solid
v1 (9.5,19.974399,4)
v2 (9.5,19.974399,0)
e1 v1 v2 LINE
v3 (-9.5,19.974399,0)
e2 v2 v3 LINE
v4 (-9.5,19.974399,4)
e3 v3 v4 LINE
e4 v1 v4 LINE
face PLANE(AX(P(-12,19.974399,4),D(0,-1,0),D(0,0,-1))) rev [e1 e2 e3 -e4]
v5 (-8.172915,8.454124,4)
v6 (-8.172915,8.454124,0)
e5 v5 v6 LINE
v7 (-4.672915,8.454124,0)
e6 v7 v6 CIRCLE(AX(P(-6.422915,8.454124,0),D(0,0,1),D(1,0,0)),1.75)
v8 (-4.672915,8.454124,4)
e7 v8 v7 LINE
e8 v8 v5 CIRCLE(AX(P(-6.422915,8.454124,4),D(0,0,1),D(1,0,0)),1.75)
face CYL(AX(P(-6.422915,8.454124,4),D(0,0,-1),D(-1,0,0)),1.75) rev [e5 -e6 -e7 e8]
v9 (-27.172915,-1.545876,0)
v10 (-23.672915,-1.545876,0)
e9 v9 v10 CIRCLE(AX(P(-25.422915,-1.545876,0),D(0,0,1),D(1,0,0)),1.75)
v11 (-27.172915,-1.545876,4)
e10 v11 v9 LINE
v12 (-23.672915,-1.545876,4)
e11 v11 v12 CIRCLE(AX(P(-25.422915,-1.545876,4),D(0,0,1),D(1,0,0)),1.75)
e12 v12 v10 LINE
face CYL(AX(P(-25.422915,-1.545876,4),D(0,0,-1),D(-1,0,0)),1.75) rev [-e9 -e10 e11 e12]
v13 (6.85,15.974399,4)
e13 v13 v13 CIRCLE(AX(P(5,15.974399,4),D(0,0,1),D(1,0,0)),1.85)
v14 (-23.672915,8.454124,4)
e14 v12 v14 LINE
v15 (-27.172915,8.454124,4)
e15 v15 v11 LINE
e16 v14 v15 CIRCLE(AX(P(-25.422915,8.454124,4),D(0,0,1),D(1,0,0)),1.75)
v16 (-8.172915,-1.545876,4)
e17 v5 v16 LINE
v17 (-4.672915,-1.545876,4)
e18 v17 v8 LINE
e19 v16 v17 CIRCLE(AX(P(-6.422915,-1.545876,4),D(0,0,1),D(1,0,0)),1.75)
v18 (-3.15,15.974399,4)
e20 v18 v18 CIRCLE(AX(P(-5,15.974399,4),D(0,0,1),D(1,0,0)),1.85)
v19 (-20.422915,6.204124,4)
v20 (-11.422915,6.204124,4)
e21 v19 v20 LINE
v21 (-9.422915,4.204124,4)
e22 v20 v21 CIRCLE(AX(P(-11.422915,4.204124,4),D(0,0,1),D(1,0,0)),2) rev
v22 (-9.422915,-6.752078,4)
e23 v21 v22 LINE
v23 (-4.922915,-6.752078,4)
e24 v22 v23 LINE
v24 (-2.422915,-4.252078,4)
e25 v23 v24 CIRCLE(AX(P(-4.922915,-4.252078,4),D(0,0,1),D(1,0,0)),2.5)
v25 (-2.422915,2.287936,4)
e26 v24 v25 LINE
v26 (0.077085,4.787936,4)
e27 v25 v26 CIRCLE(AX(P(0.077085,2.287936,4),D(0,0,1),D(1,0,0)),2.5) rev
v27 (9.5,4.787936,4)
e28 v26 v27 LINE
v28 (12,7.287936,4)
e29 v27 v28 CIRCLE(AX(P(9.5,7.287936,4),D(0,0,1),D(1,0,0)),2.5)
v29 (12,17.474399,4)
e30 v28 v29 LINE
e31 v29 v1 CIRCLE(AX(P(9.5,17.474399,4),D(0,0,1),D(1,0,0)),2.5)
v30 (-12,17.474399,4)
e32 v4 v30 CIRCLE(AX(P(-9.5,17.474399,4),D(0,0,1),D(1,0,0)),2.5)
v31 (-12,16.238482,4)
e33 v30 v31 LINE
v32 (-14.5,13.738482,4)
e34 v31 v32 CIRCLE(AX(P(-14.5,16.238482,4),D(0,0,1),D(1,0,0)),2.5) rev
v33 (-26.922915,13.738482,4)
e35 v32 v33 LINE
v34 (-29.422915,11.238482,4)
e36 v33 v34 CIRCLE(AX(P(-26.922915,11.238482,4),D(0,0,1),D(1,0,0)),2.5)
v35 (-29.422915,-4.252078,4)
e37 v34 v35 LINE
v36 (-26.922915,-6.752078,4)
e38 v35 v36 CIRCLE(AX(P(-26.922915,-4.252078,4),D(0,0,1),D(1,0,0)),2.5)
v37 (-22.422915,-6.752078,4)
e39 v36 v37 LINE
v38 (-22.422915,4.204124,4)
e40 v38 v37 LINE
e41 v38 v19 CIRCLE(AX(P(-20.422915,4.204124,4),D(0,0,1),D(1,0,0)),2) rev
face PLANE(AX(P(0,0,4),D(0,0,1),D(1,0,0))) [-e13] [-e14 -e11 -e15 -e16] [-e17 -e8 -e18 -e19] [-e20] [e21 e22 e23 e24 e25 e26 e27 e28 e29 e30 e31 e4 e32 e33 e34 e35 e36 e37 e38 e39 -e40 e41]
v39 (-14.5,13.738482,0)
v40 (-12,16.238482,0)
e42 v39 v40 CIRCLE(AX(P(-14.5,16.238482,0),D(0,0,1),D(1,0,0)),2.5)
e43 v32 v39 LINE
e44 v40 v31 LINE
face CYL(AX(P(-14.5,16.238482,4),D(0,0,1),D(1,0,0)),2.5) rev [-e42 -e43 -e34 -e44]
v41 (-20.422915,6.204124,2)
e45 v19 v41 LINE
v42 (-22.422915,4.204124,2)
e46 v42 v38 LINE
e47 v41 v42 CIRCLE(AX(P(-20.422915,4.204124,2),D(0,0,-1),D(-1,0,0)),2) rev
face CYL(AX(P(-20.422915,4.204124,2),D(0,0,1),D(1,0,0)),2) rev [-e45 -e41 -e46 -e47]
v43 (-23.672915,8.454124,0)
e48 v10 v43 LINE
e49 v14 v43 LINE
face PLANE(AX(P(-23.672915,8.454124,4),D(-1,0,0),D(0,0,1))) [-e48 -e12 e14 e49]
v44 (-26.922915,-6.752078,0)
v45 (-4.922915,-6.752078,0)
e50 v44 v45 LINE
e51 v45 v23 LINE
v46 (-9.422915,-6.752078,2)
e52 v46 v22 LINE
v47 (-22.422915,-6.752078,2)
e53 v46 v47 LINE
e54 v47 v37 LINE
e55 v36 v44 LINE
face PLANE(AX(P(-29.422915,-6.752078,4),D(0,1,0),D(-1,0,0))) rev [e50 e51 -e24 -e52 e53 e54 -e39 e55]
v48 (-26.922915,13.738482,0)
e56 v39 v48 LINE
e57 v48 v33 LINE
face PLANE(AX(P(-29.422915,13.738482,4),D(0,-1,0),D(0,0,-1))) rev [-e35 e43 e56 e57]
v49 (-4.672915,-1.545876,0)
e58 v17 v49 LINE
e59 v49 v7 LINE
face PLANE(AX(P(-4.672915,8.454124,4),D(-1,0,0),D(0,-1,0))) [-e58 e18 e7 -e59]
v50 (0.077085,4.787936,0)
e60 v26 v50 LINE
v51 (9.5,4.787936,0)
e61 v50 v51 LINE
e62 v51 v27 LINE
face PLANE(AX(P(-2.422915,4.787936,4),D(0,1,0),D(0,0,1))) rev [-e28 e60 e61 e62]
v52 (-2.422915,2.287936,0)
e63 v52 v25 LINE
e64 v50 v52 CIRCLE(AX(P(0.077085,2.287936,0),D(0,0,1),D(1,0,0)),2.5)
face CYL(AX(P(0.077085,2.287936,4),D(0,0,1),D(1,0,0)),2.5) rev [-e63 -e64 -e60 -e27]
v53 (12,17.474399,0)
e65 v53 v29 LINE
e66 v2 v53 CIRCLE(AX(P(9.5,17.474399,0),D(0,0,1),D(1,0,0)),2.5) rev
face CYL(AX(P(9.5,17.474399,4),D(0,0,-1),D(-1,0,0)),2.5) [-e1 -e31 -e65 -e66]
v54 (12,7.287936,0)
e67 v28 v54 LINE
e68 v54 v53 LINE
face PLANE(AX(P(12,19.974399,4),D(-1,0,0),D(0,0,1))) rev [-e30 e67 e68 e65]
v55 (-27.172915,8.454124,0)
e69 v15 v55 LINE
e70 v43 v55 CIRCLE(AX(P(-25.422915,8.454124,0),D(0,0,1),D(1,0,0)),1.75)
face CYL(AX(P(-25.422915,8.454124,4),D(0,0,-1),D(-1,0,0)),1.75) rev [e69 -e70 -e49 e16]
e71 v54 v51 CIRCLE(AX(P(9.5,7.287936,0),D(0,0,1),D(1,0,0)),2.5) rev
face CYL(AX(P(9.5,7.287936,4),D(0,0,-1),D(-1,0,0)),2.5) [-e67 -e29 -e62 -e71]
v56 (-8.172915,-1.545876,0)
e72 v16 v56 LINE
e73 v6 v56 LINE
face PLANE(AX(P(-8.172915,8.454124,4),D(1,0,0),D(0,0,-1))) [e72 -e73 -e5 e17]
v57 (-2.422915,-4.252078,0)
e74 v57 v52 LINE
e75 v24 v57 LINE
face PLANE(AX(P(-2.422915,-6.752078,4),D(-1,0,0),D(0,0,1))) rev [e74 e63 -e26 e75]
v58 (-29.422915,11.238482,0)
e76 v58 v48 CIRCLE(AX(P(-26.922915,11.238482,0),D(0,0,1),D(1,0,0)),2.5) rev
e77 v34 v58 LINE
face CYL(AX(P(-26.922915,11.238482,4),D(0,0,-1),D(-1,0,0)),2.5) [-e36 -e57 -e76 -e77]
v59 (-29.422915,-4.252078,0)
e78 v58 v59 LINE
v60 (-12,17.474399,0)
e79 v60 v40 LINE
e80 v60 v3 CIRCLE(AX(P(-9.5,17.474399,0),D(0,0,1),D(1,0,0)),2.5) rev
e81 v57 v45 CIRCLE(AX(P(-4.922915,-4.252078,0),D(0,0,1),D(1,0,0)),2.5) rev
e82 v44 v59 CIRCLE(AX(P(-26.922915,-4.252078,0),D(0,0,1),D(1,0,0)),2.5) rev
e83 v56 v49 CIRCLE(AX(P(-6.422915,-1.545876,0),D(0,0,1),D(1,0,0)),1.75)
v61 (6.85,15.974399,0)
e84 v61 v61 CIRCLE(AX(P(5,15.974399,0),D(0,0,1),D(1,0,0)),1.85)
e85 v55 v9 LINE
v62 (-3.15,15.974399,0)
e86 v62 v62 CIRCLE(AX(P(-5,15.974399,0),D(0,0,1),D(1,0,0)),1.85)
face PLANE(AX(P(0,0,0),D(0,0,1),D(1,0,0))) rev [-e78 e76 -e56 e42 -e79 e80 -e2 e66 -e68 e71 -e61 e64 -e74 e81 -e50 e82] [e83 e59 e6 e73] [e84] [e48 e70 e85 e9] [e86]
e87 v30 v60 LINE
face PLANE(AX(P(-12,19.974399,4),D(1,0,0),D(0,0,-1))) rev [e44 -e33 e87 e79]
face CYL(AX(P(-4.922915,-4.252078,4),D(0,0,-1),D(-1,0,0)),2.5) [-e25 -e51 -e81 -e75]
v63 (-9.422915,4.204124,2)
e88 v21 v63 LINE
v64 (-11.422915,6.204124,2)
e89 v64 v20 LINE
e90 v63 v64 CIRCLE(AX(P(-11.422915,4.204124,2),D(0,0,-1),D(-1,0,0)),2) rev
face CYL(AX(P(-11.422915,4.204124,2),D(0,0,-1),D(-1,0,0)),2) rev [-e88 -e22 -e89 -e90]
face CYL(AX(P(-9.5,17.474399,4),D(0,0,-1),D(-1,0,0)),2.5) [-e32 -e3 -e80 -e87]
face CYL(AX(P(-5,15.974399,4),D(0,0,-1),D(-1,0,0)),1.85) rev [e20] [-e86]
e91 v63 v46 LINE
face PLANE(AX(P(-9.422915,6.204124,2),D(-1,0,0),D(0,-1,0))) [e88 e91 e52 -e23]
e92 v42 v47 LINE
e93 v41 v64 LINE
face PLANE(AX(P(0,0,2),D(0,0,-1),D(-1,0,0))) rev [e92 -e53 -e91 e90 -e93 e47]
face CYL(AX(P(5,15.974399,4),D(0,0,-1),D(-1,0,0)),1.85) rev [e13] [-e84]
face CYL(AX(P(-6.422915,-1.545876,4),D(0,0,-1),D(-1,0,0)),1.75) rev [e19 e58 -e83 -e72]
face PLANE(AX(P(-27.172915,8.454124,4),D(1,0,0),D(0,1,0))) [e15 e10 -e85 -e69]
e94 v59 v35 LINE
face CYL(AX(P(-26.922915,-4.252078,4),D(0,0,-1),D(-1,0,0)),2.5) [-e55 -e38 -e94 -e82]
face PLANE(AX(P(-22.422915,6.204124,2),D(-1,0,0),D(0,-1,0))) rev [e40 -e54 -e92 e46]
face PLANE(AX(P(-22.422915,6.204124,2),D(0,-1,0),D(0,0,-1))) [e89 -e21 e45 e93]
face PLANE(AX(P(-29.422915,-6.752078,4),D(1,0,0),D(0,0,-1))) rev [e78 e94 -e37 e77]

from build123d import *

# Parameters (mm, degrees)
SKETCH1_R           = 1.85
BOSS_EXTRUDE1_DEPTH = 4
FILLET1_R           = 2.5
SKETCH2_W           = 13
SKETCH2_H           = 20
CUT_EXTRUDE1_DEPTH  = 2
FILLET2_R           = 2


with BuildPart() as part:
    # Sketch1 → Boss-Extrude1 (new body)
    with BuildSketch(Plane.XY):
        Polygon((-12, 19.974398687), (12, 19.974398687), (12, 4.787936134), (-2.422914658, 4.787936134), (-2.422914658, -6.752077686), (-29.422914658, -6.752077686), (-29.422914658, 13.7384821), (-12, 13.7384821), align=None)
        with Locations((-5, 15.974398687)):
            Circle(SKETCH1_R, mode=Mode.SUBTRACT)
        with Locations((5, 15.974398687)):
            Circle(SKETCH1_R, mode=Mode.SUBTRACT)
        with BuildLine():
            Line((-4.672914658, 8.454123535), (-4.672914658, -1.545876465))
            ThreePointArc((-4.672914658, -1.545876465), (-6.422914658, -3.295876465), (-8.172914658, -1.545876465))
            Line((-8.172914658, -1.545876465), (-8.172914658, 8.454123535))
            ThreePointArc((-8.172914658, 8.454123535), (-6.422914658, 10.204123534), (-4.672914658, 8.454123535))
        make_face(mode=Mode.SUBTRACT)
        with BuildLine():
            Line((-23.672914658, 8.454123535), (-23.672914658, -1.545876465))
            ThreePointArc((-23.672914658, -1.545876465), (-25.422914658, -3.295876465), (-27.172914658, -1.545876465))
            Line((-27.172914658, -1.545876465), (-27.172914658, 8.454123535))
            ThreePointArc((-27.172914658, 8.454123535), (-25.422914658, 10.204123534), (-23.672914658, 8.454123535))
        make_face(mode=Mode.SUBTRACT)
    extrude(amount=BOSS_EXTRUDE1_DEPTH)

    # Fillet1
    fillet1_edges = [part.edges().sort_by_distance(p)[0] for p in [
        (-12, 19.974398687, 2),
        (12, 19.974398687, 2),
        (12, 4.787936134, 2),
        (-2.422914658, 4.787936134, 2),
        (-2.422914658, -6.752077686, 2),
        (-29.422914658, -6.752077686, 2),
        (-29.422914658, 13.7384821, 2),
        (-12, 13.7384821, 2),
    ]]
    fillet(fillet1_edges, radius=FILLET1_R)

    # Sketch2 → Cut-Extrude1 (cut)
    with BuildSketch(Plane.XY.offset(4)):
        with Locations((-15.922914658, -3.795876465)):
            Rectangle(SKETCH2_W, SKETCH2_H)
    extrude(amount=-CUT_EXTRUDE1_DEPTH, mode=Mode.SUBTRACT)

    # Fillet2
    fillet2_edges = [part.edges().sort_by_distance(p)[0] for p in [
        (-9.422914658, 6.204123535, 3),
        (-22.422914658, 6.204123535, 3),
    ]]
    fillet(fillet2_edges, radius=FILLET2_R)


solid = part.part
